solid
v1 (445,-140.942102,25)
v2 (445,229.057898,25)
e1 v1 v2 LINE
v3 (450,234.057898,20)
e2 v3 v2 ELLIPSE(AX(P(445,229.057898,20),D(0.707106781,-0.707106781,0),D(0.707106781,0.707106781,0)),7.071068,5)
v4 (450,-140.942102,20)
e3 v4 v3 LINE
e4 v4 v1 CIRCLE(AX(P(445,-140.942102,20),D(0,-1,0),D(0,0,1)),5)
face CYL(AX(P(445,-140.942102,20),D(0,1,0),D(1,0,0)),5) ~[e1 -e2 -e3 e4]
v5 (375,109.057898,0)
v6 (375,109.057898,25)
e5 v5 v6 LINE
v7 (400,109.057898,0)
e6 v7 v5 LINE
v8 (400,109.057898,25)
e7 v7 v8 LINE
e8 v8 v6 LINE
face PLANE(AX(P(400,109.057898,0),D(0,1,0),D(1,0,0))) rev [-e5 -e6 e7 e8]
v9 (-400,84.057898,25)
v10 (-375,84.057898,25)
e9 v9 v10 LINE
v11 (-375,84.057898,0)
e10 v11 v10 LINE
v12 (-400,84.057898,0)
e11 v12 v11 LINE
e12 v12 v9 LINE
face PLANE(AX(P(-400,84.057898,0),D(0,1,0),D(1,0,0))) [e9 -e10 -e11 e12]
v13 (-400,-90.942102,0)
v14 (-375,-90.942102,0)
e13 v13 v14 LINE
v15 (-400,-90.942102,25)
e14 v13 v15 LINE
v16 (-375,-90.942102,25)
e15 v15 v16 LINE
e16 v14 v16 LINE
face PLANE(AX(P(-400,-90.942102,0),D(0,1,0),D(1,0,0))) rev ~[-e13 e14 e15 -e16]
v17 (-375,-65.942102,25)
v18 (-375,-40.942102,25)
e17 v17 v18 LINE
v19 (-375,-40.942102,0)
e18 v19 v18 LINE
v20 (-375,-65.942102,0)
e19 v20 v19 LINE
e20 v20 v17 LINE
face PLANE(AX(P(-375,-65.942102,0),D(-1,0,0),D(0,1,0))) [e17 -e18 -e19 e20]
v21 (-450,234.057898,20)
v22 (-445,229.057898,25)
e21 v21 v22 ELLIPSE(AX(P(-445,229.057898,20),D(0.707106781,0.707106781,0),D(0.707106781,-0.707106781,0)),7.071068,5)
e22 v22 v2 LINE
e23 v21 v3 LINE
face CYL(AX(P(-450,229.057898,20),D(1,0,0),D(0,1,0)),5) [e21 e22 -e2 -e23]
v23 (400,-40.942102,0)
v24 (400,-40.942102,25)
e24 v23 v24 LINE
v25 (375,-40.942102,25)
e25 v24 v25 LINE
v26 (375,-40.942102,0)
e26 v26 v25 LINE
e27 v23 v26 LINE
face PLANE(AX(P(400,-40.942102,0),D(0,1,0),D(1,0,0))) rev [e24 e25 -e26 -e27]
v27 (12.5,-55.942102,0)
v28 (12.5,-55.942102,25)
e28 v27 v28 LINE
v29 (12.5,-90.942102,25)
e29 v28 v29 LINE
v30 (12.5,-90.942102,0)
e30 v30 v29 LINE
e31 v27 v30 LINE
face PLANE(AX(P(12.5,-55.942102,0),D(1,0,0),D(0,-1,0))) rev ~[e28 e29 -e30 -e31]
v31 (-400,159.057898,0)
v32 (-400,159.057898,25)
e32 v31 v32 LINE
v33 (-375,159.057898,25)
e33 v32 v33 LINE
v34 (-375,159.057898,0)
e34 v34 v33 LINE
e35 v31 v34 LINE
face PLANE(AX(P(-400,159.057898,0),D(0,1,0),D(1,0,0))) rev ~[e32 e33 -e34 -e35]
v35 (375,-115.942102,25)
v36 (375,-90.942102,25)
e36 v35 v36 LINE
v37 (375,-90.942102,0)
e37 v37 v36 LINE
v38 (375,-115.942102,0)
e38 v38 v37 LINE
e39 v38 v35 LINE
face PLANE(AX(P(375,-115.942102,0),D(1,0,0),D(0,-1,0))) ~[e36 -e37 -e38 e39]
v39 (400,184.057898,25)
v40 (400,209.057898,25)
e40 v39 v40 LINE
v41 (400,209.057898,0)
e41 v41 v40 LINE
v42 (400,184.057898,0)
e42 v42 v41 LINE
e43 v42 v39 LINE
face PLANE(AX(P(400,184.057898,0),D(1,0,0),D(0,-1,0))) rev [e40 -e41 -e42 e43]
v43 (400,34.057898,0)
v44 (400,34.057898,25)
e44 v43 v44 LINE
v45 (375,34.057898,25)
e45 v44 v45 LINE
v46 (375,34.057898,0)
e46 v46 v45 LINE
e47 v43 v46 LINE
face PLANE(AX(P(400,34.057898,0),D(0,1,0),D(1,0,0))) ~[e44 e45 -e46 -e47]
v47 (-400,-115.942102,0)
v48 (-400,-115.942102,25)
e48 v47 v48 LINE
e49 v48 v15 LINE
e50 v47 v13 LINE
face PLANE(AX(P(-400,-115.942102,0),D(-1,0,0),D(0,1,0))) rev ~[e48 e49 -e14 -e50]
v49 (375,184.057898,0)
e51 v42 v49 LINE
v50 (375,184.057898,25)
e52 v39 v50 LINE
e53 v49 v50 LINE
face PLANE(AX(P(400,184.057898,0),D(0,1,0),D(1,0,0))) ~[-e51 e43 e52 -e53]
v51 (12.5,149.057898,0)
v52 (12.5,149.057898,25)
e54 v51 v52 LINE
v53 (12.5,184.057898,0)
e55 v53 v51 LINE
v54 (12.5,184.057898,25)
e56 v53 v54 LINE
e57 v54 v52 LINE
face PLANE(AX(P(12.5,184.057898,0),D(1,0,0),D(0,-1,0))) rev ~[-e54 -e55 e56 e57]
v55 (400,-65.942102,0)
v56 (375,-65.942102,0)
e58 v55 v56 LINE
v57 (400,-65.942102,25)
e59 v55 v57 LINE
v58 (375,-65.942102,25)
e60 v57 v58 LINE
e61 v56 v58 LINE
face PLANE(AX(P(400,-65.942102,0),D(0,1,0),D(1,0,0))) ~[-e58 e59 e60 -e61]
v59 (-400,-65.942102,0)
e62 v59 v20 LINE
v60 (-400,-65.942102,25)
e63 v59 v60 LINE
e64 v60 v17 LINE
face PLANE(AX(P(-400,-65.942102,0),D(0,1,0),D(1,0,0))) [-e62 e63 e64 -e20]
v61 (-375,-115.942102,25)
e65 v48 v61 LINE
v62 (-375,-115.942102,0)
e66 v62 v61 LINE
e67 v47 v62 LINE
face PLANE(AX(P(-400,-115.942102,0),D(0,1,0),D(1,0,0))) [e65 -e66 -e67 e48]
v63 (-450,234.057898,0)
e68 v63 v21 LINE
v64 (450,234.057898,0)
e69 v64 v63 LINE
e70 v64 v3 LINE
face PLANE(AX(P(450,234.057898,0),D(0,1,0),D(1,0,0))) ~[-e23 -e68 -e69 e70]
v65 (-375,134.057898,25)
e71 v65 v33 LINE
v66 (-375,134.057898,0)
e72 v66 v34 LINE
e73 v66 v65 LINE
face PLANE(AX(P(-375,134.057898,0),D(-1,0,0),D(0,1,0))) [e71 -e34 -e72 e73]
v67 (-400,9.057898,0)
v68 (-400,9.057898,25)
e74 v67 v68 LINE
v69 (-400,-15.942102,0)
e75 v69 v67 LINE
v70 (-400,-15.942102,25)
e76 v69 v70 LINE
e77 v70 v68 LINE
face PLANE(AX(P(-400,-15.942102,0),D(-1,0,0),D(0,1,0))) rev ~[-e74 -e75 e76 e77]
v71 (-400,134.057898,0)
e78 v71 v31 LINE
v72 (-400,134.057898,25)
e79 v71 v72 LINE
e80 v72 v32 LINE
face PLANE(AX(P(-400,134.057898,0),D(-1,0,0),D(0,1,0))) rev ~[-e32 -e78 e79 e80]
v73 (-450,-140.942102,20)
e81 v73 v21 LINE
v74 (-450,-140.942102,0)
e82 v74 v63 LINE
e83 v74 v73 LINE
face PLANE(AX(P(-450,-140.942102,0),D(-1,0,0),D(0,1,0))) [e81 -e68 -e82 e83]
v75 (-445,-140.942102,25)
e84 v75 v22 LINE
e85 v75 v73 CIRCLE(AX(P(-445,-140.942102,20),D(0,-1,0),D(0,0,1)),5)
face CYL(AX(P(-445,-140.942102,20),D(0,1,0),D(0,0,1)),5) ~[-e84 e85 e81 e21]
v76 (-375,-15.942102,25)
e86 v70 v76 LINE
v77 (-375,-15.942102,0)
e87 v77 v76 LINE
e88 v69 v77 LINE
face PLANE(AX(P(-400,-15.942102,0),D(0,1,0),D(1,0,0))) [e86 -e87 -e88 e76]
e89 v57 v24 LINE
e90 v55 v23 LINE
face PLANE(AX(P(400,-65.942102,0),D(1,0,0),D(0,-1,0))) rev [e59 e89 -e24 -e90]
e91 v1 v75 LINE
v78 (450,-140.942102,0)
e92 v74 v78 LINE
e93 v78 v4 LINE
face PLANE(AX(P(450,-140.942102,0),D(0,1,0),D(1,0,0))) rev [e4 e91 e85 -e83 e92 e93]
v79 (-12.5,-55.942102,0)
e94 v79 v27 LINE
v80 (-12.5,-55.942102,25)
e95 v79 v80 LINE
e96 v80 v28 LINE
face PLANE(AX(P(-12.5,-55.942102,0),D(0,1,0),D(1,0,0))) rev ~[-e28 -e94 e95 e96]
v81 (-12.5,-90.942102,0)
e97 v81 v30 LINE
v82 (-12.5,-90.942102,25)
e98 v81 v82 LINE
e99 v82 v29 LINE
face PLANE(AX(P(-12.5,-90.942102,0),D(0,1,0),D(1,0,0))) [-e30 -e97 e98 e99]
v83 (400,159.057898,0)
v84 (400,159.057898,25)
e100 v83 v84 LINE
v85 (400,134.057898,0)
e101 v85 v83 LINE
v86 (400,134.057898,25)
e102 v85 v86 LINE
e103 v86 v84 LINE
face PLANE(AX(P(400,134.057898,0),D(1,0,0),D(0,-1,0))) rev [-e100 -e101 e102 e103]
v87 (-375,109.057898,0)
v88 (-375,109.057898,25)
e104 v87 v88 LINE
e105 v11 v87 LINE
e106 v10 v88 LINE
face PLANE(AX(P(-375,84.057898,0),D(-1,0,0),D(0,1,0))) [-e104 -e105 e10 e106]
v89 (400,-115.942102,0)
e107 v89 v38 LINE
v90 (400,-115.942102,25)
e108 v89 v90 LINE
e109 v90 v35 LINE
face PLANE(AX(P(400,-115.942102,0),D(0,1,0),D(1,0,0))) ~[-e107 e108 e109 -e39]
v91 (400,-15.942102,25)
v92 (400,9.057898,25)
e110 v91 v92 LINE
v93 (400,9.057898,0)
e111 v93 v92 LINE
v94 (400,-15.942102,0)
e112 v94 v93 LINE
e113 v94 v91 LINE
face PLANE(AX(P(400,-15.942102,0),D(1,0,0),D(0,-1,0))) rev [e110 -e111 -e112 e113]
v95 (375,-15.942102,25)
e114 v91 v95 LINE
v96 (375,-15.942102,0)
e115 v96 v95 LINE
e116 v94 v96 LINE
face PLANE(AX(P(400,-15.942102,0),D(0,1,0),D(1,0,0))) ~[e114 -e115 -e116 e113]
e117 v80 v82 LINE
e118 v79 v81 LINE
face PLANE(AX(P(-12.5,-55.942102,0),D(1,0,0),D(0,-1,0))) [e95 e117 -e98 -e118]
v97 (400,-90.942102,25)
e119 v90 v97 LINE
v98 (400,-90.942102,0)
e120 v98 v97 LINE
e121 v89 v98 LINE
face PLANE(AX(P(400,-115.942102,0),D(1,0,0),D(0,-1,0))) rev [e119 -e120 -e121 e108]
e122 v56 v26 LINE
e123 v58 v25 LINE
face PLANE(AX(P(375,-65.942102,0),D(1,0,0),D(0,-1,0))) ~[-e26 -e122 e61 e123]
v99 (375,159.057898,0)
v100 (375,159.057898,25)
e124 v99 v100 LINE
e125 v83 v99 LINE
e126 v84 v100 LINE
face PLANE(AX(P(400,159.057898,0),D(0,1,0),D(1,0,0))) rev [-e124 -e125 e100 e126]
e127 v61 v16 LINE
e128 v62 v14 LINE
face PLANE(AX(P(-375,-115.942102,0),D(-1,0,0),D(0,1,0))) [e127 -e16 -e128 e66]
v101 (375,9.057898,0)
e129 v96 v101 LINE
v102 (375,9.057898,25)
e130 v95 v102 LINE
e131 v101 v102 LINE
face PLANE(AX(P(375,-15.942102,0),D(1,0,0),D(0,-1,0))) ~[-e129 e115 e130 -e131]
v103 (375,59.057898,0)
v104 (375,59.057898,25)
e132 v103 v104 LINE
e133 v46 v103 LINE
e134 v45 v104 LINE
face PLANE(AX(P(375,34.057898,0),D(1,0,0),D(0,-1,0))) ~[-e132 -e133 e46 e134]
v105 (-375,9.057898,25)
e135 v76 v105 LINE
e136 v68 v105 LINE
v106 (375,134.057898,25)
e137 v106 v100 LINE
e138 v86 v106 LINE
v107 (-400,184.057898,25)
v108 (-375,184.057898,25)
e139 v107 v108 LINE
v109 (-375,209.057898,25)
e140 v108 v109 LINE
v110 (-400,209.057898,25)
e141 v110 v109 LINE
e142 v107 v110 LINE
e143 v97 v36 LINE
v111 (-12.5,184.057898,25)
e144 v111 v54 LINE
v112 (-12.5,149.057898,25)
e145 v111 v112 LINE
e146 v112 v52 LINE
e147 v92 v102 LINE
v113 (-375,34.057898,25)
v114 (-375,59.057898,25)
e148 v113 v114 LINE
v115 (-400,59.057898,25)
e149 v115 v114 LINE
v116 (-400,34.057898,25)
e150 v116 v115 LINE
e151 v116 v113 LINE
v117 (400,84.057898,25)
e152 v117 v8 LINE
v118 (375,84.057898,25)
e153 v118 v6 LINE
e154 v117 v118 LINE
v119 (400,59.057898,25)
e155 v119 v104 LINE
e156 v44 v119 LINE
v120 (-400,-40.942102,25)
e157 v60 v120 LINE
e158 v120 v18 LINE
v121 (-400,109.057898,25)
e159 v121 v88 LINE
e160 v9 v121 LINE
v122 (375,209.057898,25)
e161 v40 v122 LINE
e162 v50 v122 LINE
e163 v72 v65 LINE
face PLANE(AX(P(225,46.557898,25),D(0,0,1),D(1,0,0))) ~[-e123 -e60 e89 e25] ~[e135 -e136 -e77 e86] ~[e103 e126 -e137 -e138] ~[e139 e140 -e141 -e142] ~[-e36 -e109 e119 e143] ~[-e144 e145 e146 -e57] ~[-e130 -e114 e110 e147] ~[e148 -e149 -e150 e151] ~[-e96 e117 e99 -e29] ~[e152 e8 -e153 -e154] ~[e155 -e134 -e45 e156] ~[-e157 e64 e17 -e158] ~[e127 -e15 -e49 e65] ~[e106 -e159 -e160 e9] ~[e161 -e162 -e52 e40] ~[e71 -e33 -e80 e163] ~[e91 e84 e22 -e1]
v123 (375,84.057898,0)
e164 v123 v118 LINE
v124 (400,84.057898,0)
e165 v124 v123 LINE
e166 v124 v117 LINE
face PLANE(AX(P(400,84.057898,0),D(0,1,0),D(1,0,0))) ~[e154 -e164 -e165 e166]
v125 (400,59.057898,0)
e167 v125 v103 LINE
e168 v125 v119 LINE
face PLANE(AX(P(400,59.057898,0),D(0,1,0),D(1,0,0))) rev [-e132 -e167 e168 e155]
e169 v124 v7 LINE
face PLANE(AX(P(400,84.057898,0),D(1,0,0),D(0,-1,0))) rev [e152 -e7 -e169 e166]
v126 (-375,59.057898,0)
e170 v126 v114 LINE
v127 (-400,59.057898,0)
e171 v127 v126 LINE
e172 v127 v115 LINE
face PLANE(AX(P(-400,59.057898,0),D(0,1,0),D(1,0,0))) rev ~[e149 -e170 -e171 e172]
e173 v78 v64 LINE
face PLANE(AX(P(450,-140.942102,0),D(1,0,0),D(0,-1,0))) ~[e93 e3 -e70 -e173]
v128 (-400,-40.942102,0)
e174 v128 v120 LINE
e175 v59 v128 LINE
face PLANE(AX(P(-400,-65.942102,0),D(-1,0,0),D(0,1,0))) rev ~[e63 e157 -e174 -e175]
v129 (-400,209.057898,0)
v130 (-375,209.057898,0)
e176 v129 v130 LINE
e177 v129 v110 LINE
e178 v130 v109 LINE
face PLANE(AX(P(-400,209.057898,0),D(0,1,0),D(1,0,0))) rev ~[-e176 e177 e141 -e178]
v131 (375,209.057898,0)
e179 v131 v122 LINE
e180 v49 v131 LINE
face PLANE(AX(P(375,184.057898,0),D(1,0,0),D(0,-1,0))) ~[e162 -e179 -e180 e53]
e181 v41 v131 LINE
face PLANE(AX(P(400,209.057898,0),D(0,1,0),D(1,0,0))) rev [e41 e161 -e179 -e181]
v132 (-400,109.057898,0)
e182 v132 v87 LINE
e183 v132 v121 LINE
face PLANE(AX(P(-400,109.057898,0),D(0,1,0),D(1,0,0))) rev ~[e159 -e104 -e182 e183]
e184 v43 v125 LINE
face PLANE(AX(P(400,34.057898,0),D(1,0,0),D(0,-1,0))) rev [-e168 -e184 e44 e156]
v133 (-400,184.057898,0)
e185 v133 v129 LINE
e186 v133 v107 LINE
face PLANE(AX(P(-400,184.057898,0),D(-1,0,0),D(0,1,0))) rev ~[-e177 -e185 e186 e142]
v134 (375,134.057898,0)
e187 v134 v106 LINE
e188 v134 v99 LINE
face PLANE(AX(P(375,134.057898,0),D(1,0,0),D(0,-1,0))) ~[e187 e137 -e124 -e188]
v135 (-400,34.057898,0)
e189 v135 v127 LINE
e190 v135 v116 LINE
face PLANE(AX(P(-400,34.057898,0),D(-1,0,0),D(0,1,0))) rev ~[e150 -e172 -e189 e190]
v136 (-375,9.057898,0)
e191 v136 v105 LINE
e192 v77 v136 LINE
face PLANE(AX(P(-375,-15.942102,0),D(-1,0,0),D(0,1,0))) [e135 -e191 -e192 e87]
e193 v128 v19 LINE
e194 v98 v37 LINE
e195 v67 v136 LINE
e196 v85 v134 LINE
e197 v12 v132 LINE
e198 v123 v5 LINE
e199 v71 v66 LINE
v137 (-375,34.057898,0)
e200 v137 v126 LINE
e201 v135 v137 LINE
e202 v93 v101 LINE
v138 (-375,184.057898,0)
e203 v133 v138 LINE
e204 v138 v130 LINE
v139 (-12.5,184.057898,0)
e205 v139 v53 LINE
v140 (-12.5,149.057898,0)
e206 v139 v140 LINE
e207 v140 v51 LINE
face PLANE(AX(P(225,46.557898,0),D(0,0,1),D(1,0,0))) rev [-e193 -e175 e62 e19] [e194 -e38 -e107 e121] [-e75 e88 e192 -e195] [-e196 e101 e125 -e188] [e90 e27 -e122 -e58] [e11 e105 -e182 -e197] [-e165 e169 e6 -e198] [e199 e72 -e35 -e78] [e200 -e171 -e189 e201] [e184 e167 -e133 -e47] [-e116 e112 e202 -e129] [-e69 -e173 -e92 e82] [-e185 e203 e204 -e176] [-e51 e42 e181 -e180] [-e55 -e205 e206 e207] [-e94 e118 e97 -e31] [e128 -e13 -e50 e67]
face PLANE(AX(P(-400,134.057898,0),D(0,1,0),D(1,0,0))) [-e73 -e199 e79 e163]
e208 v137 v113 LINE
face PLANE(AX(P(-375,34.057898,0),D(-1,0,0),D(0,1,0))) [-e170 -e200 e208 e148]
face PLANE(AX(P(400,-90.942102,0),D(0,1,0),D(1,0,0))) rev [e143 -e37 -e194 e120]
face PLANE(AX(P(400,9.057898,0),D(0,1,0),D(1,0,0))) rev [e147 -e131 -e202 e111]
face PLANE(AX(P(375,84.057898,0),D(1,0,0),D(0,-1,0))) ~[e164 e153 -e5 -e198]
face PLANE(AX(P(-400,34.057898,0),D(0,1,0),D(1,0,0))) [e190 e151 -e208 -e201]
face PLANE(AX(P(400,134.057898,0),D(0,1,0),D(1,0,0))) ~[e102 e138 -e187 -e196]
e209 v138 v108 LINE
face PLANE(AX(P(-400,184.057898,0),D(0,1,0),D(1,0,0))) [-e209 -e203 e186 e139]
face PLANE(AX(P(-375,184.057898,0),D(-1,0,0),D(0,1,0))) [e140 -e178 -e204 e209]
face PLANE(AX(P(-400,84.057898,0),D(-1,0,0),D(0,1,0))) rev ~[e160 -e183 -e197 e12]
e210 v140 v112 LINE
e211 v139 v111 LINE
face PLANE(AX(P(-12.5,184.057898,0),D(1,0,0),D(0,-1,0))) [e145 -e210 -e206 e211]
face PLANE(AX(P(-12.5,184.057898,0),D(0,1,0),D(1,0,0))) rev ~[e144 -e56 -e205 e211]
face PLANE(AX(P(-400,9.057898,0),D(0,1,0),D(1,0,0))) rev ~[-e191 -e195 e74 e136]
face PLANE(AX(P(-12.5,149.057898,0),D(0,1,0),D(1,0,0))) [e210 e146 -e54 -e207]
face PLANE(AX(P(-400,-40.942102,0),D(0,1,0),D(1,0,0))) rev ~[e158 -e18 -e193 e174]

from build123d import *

# Parameters (mm, degrees)
F0_W     = 450
F0_H     = 375
F0_W_2   = 25
F0_H_2   = 25
F1_DEPTH = 25
F3_W     = 25
F3_H     = 35
F4_DEPTH = 25
F5_R     = 5


with BuildPart() as f1:
    # F0 (on Top) → F1 (new body)
    with BuildSketch(Plane.XY):
        with Locations((-225, 46.5578983041)):
            Rectangle(F0_W, F0_H)
        with Locations((-387.5, -103.4421016959)):
            Rectangle(F0_W_2, F0_H_2, mode=Mode.SUBTRACT)
        with Locations((-387.5, -53.4421016959)):
            Rectangle(F0_W_2, F0_H_2, mode=Mode.SUBTRACT)
        with Locations((-387.5, -3.4421016959)):
            Rectangle(F0_W_2, F0_H_2, mode=Mode.SUBTRACT)
        with Locations((-387.5, 46.5578983041)):
            Rectangle(F0_W_2, F0_H_2, mode=Mode.SUBTRACT)
        with Locations((-387.5, 96.5578983041)):
            Rectangle(F0_W_2, F0_H_2, mode=Mode.SUBTRACT)
        with Locations((-387.5, 146.5578983041)):
            Rectangle(F0_W_2, F0_H_2, mode=Mode.SUBTRACT)
        with Locations((-387.5, 196.5578983041)):
            Rectangle(F0_W_2, F0_H_2, mode=Mode.SUBTRACT)
    extrude(amount=F1_DEPTH)

    # F2: F1 across face


with BuildPart() as f1_1:
    add(f1.part)
    add(f1.part.mirror(Plane(origin=(0, 46.5578983041, 12.5), x_dir=(0, 1, 0), z_dir=(1, 0, 0))))

    # F3 (on face) → F4 (cut)
    with BuildSketch(Plane(origin=(0, 0, 0), x_dir=(1, 0, 0), z_dir=(0, 0, -1))):
        with Locations((0, -166.5578983041)):
            Rectangle(F3_W, F3_H)
        with Locations((0, 73.4421016959)):
            Rectangle(F3_W, F3_H)
    extrude(amount=-F4_DEPTH, mode=Mode.SUBTRACT)

    # F5
    f5_edges = [f1_1.edges().sort_by_distance(p)[0] for p in [
        (0, 234.057898, 25),
        (450, 46.557898, 25),
        (-450, 46.557898, 25),
    ]]
    fillet(f5_edges, radius=F5_R)


solid = f1_1.part
